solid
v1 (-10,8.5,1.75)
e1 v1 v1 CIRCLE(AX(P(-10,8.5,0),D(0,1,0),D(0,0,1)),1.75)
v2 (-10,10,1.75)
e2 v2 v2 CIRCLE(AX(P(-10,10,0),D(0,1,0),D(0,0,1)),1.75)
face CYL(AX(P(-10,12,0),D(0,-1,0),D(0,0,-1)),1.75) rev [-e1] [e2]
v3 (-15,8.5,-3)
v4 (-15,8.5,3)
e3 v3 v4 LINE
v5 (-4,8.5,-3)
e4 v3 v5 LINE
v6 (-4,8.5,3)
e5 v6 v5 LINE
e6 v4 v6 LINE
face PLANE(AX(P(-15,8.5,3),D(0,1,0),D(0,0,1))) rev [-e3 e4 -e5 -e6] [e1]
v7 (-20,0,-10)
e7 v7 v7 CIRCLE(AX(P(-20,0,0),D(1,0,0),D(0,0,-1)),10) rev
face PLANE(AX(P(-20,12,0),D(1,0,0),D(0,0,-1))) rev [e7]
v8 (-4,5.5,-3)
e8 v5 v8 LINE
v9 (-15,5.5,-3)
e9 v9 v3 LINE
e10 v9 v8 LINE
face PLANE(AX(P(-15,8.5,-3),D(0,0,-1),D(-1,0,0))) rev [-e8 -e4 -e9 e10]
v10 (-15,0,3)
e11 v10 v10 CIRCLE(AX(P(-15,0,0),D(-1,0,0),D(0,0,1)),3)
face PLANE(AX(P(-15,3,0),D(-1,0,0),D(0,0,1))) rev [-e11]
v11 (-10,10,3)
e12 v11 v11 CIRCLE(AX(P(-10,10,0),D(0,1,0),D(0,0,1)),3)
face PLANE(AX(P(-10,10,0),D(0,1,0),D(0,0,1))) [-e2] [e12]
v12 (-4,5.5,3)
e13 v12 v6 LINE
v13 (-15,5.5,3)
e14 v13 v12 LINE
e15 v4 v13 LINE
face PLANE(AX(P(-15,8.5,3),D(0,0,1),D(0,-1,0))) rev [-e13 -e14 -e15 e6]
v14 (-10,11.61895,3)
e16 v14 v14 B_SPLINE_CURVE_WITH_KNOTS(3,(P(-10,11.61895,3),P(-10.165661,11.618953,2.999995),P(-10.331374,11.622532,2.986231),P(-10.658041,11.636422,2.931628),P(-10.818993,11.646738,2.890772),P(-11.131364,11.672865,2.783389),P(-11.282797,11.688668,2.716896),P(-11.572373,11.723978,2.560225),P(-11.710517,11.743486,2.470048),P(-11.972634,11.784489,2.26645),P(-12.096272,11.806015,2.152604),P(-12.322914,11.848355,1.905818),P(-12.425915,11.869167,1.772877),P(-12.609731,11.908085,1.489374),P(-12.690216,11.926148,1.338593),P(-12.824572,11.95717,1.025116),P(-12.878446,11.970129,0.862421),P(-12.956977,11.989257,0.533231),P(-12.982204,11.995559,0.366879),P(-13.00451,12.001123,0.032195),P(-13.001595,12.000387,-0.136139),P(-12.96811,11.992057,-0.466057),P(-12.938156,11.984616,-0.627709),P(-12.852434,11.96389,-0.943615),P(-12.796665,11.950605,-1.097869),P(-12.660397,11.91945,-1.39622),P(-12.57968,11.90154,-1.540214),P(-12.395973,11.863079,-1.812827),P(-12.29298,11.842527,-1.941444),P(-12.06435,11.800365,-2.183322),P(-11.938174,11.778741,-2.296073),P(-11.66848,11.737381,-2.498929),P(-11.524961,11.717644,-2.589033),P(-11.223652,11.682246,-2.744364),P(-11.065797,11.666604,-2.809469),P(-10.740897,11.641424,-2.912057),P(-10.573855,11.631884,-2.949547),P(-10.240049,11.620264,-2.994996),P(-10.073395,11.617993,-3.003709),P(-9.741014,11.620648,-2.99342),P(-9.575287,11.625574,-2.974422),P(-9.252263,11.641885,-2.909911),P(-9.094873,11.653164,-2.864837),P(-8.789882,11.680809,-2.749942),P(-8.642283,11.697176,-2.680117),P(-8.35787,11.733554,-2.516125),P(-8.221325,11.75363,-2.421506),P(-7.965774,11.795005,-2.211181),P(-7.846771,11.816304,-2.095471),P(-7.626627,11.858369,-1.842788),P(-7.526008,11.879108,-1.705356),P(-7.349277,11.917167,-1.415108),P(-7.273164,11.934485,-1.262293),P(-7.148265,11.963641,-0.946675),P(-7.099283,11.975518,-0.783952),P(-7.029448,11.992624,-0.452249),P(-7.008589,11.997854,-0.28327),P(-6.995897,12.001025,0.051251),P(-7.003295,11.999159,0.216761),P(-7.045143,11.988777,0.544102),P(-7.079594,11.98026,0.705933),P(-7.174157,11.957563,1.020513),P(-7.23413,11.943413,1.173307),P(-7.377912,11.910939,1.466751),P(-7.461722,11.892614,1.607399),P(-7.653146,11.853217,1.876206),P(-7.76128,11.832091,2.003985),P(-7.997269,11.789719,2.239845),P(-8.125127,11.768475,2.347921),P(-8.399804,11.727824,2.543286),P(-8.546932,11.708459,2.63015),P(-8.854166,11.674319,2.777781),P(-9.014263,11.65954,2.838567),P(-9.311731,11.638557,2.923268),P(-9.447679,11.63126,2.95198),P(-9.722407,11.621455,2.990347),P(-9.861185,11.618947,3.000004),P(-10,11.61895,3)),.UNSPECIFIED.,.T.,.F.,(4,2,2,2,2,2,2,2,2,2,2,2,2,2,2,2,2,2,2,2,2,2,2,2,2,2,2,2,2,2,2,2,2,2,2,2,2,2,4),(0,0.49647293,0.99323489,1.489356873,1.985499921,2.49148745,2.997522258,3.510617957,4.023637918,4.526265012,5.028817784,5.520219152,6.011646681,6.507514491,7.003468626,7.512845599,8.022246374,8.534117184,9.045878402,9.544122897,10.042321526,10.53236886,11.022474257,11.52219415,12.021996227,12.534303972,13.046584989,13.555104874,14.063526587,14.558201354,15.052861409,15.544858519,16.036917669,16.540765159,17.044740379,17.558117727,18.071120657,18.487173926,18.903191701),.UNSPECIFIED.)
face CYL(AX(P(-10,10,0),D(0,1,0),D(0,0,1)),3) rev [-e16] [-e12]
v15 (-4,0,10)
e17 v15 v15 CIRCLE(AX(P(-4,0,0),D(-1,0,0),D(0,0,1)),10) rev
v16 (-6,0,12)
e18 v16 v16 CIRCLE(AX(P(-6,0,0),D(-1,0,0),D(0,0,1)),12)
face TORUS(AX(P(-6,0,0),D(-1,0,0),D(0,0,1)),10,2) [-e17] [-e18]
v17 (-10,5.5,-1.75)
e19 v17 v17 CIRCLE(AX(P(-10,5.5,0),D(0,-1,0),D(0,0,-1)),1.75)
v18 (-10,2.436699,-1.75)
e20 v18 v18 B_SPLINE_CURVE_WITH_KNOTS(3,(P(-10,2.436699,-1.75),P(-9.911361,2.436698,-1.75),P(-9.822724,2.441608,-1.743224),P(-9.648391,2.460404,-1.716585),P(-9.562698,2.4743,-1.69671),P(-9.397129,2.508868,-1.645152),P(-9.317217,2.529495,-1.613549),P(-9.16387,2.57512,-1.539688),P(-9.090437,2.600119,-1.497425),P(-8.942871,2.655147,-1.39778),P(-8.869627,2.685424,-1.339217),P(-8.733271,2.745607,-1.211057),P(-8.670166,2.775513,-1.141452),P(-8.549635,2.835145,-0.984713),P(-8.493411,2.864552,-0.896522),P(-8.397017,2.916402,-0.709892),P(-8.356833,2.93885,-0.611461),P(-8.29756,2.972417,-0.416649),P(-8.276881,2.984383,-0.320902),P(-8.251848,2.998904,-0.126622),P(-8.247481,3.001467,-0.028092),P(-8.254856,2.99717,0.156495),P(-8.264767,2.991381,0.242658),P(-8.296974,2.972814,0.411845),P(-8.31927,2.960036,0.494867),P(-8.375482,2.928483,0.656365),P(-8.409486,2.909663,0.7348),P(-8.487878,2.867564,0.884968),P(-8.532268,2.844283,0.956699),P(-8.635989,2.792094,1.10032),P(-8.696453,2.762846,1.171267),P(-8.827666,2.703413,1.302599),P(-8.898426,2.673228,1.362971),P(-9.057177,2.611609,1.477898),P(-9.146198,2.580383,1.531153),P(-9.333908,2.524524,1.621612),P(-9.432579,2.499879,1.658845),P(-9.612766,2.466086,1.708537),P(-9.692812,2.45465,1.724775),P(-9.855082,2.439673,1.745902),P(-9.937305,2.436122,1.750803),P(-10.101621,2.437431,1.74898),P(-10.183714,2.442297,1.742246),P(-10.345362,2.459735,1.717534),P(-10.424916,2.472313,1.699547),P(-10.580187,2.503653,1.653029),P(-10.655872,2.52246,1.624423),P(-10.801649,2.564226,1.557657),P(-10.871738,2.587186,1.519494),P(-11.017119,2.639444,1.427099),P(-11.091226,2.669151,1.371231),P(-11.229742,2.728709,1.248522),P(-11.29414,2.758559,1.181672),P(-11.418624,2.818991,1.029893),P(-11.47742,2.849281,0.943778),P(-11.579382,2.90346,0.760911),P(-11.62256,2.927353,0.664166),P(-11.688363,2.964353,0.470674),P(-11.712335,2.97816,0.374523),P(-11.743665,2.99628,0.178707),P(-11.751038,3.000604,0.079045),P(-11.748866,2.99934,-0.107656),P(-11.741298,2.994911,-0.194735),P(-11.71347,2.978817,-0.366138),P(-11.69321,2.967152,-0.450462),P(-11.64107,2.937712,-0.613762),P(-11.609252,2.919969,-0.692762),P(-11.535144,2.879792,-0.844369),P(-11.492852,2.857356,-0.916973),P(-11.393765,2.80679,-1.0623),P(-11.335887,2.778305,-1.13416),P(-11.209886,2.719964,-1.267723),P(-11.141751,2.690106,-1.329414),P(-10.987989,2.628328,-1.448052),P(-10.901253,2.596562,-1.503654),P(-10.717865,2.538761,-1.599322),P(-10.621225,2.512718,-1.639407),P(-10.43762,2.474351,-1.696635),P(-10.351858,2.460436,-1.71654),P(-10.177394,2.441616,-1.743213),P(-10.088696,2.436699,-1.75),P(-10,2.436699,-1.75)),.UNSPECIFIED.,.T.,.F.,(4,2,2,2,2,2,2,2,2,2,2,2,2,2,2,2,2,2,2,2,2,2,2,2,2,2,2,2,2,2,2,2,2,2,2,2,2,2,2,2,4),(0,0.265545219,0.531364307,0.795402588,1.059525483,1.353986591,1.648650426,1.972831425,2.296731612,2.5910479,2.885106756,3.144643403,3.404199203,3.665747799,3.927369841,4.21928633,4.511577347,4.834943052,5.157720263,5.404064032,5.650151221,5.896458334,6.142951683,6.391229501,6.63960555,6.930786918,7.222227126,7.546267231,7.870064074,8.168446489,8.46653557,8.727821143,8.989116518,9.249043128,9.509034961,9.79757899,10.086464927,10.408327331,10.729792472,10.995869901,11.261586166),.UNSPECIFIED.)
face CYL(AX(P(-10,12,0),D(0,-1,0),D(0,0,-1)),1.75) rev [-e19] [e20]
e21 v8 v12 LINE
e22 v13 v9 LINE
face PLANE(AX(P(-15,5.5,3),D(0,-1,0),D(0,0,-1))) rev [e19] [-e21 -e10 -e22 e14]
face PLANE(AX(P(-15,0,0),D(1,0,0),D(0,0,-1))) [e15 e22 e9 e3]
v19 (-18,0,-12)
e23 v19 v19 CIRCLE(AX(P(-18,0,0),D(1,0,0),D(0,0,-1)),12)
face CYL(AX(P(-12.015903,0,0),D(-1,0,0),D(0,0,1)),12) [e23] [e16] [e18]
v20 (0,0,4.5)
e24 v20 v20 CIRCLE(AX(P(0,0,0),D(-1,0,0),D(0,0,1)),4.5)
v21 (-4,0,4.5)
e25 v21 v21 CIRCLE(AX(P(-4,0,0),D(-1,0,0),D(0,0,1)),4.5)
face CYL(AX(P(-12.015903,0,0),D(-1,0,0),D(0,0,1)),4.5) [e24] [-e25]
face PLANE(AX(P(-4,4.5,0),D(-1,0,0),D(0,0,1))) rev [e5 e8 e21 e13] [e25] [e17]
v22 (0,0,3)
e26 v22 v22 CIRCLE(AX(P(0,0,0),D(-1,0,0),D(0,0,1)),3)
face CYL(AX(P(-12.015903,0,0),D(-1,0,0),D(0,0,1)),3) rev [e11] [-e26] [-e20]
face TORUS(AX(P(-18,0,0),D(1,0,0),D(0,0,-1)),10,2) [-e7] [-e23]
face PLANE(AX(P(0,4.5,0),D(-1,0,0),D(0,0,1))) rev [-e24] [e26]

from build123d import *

# Parameters (mm, degrees)
SKETCH_2_R          = 1.75
CUT_EXTRUDE_5_DEPTH = 27.229754097
CUT_EXTRUDE_START   = 12
SKETCH_2_4_R        = 3
CUT_EXTRUDE_6_DEPTH = 2
SKETCH_4_W          = 6
SKETCH_4_H          = 3
CUT_EXTRUDE_7_DEPTH = 15
FILLET_1_R          = 2


with BuildPart() as part:
    # 草图1 → 旋转1 (revolve)
    with BuildSketch(Plane.XY):
        Polygon((-15, 3), (0, 3), (0, 4.5), (-4, 4.5), (-4, 12), (-20, 12), (-20, 0), (-15, 0), align=None)
    revolve(axis=Axis((-12.015902685, 0, 0), (1, 0, 0)))

    # 草图2 → 切除-拉伸5 (cut, through all)
    with BuildSketch(Plane(origin=(0, 0, 0), x_dir=(1, 0, 0), z_dir=(0, 1, 0))):
        with Locations((-10, 0)):
            Circle(SKETCH_2_R)
    extrude(amount=CUT_EXTRUDE_5_DEPTH, mode=Mode.SUBTRACT)

    # 草图2<4> → 切除-拉伸6 (cut)
    with BuildSketch(Plane(origin=(0, 0, 0), x_dir=(1, 0, 0), z_dir=(0, 1, 0)).offset(CUT_EXTRUDE_START)):
        with Locations((-10, 0)):
            Circle(SKETCH_2_4_R)
    extrude(amount=-CUT_EXTRUDE_6_DEPTH, mode=Mode.SUBTRACT)

    # 草图4 → 切除-拉伸7 (cut)
    with BuildSketch(Plane(origin=(0, 0, 0), x_dir=(0, 0, -1), z_dir=(1, 0, 0))):
        with Locations((0, 7)):
            Rectangle(SKETCH_4_W, SKETCH_4_H)
    extrude(amount=-CUT_EXTRUDE_7_DEPTH, mode=Mode.SUBTRACT)

    # 圆角1
    fillet_1_edges = [part.edges().sort_by_distance(p)[0] for p in [
        (-20, -12, 0),
        (-4, -12, 0),
    ]]
    fillet(fillet_1_edges, radius=FILLET_1_R)


solid = part.part
